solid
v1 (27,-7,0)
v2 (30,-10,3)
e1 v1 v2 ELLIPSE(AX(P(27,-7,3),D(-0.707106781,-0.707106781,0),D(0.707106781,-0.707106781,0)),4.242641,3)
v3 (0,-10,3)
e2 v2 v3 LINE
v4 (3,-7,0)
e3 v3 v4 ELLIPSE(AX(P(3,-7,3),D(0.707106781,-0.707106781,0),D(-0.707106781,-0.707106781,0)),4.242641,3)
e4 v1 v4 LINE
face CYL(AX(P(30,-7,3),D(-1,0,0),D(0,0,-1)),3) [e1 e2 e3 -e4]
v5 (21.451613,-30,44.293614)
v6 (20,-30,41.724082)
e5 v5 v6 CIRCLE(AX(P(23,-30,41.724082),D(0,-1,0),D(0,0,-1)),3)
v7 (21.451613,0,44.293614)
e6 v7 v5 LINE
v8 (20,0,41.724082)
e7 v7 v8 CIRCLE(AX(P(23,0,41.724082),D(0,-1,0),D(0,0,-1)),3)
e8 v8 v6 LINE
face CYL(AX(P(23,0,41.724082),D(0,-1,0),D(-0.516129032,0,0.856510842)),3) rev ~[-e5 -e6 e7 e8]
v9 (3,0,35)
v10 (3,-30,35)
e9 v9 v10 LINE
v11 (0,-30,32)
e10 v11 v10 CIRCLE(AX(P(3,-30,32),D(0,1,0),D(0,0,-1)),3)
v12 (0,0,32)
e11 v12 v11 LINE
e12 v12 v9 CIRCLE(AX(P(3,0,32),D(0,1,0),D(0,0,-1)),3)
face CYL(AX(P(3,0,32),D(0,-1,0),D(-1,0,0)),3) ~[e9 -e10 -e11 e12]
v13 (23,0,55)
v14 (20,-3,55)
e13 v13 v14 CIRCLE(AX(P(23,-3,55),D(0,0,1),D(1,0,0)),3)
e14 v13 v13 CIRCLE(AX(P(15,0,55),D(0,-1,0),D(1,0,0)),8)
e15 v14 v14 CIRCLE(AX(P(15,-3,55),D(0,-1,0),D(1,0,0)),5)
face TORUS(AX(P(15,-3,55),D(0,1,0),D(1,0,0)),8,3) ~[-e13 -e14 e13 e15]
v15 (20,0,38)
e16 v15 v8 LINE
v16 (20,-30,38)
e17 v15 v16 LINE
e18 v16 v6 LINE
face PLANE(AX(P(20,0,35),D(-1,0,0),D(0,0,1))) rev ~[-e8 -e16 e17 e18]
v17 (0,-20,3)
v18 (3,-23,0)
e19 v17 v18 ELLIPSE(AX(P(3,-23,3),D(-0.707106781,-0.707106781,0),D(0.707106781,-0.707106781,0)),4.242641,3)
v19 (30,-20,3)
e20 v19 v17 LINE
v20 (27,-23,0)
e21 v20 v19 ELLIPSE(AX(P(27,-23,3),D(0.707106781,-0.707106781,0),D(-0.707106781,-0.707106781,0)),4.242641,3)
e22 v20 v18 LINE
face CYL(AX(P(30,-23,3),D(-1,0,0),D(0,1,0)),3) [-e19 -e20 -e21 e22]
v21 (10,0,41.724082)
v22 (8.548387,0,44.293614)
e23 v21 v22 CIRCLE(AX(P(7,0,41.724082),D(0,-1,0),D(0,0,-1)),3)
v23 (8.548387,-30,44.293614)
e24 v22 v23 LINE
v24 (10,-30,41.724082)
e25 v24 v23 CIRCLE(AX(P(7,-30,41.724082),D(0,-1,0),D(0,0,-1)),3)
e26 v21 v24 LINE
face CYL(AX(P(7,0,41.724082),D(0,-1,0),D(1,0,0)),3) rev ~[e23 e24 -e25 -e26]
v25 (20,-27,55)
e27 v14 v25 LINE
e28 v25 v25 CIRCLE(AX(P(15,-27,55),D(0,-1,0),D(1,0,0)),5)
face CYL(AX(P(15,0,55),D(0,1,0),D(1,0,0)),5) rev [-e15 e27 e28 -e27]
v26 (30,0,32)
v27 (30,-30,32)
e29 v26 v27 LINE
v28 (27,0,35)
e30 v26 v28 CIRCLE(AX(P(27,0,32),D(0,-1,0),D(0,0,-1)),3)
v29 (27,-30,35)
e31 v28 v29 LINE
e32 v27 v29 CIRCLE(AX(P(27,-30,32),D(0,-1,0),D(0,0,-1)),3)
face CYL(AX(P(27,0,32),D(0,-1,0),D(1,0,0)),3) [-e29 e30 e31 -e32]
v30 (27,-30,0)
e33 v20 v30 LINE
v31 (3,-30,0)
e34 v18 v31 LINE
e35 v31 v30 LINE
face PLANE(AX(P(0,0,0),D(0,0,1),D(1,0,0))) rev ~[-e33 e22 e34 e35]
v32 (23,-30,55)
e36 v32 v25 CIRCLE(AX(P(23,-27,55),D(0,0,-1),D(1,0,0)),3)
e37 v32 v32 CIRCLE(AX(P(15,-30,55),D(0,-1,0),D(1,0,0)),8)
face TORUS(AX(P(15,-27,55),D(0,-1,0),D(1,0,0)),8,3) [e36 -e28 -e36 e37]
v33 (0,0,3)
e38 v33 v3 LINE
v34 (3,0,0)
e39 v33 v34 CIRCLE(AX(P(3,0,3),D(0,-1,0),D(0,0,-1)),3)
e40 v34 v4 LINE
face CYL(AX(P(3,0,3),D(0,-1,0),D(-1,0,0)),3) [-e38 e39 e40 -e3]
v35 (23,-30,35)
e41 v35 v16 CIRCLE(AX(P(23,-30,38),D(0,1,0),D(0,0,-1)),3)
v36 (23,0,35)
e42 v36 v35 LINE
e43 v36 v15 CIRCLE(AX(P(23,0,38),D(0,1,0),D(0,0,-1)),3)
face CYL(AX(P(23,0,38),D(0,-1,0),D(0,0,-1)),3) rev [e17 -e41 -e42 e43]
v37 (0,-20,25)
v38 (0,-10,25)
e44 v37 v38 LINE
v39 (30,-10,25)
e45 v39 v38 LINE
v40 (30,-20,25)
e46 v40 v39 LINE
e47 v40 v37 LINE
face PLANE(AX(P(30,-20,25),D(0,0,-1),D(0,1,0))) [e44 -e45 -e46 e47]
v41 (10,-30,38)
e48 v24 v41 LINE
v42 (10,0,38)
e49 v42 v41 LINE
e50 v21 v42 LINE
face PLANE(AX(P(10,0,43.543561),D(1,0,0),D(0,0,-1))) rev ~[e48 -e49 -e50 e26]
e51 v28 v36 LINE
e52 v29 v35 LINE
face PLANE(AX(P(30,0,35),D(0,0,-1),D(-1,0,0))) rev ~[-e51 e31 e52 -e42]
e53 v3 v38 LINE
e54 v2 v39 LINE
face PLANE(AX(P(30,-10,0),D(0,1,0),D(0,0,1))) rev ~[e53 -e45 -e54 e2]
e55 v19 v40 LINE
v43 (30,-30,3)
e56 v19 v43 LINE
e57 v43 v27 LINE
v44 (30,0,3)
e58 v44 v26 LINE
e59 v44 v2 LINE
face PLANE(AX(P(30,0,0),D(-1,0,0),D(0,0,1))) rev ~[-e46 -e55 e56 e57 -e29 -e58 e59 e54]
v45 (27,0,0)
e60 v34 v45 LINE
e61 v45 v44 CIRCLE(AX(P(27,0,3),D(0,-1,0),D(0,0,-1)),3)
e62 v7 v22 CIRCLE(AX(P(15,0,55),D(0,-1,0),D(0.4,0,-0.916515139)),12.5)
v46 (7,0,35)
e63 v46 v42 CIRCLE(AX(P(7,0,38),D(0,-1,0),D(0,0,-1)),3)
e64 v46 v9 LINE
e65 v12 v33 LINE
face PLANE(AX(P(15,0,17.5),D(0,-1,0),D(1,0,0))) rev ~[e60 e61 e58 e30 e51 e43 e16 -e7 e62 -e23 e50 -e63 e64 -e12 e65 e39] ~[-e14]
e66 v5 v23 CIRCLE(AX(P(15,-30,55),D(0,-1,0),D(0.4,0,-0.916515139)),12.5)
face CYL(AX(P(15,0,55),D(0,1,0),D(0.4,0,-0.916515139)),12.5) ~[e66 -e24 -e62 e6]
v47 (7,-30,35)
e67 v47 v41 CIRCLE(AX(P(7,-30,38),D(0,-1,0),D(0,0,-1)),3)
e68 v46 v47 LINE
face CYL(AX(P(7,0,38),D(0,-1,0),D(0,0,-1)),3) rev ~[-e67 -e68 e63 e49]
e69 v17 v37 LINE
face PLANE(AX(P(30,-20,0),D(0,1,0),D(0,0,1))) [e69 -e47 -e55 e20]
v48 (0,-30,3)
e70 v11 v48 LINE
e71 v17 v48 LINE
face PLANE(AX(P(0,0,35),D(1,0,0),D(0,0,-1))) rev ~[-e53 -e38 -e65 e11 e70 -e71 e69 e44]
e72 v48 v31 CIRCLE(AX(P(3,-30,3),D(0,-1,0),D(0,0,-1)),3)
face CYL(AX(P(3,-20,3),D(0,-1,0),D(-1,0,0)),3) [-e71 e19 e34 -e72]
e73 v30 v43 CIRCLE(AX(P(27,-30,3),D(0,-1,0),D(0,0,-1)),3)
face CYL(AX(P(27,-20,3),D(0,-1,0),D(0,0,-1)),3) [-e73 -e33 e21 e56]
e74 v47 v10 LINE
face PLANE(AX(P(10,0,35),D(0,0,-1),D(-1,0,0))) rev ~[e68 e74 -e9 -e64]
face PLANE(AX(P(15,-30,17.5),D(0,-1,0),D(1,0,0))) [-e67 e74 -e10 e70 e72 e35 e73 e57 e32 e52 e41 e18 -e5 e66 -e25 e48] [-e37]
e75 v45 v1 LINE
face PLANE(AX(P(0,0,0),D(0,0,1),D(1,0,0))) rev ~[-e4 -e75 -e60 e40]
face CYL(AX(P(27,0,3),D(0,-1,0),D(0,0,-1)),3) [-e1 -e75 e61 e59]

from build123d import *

# Parameters (mm, degrees)
F0_R     = 5
F1_DEPTH = 30
F2_W     = 10
F2_H     = 25
F3_DEPTH = 30.001
F4_R     = 3


with BuildPart() as f1:
    # F0 (on Front) → F1 (new body)
    with BuildSketch(Plane.XZ):
        Polygon((0, 35), (0, 0), (30, 0), (30, 35), (20, 35), (10, 35), align=None)
        with BuildLine():
            Line((10, 43.5435607626), (10, 35))
            Line((10, 35), (20, 35))
            Line((20, 35), (20, 43.5435607626))
            ThreePointArc((20, 43.5435607626), (15, 67.5), (10, 43.5435607626))
        make_face()
        with Locations((15, 55)):
            Circle(F0_R, mode=Mode.SUBTRACT)
    extrude(amount=F1_DEPTH)

    # F2 (on face) → F3 (cut, through all)
    with BuildSketch(Plane.YZ.offset(30)):
        with Locations((-15, 12.5)):
            Rectangle(F2_W, F2_H)
    extrude(amount=-F3_DEPTH, mode=Mode.SUBTRACT)

    # F4
    f4_edges = [f1.edges().sort_by_distance(p)[0] for p in [
        (10, -30, 55),
        (10, 0, 55),
        (20, -15, 43.543561),
        (20, -15, 35),
        (10, -15, 35),
        (10, -15, 43.543561),
        (30, -15, 35),
        (0, -15, 35),
        (30, -25, 0),
        (30, -5, 0),
        (0, -25, 0),
        (0, -5, 0),
        (15, -20, 0),
        (15, -10, 0),
    ]]
    fillet(f4_edges, radius=F4_R)


solid = f1.part
